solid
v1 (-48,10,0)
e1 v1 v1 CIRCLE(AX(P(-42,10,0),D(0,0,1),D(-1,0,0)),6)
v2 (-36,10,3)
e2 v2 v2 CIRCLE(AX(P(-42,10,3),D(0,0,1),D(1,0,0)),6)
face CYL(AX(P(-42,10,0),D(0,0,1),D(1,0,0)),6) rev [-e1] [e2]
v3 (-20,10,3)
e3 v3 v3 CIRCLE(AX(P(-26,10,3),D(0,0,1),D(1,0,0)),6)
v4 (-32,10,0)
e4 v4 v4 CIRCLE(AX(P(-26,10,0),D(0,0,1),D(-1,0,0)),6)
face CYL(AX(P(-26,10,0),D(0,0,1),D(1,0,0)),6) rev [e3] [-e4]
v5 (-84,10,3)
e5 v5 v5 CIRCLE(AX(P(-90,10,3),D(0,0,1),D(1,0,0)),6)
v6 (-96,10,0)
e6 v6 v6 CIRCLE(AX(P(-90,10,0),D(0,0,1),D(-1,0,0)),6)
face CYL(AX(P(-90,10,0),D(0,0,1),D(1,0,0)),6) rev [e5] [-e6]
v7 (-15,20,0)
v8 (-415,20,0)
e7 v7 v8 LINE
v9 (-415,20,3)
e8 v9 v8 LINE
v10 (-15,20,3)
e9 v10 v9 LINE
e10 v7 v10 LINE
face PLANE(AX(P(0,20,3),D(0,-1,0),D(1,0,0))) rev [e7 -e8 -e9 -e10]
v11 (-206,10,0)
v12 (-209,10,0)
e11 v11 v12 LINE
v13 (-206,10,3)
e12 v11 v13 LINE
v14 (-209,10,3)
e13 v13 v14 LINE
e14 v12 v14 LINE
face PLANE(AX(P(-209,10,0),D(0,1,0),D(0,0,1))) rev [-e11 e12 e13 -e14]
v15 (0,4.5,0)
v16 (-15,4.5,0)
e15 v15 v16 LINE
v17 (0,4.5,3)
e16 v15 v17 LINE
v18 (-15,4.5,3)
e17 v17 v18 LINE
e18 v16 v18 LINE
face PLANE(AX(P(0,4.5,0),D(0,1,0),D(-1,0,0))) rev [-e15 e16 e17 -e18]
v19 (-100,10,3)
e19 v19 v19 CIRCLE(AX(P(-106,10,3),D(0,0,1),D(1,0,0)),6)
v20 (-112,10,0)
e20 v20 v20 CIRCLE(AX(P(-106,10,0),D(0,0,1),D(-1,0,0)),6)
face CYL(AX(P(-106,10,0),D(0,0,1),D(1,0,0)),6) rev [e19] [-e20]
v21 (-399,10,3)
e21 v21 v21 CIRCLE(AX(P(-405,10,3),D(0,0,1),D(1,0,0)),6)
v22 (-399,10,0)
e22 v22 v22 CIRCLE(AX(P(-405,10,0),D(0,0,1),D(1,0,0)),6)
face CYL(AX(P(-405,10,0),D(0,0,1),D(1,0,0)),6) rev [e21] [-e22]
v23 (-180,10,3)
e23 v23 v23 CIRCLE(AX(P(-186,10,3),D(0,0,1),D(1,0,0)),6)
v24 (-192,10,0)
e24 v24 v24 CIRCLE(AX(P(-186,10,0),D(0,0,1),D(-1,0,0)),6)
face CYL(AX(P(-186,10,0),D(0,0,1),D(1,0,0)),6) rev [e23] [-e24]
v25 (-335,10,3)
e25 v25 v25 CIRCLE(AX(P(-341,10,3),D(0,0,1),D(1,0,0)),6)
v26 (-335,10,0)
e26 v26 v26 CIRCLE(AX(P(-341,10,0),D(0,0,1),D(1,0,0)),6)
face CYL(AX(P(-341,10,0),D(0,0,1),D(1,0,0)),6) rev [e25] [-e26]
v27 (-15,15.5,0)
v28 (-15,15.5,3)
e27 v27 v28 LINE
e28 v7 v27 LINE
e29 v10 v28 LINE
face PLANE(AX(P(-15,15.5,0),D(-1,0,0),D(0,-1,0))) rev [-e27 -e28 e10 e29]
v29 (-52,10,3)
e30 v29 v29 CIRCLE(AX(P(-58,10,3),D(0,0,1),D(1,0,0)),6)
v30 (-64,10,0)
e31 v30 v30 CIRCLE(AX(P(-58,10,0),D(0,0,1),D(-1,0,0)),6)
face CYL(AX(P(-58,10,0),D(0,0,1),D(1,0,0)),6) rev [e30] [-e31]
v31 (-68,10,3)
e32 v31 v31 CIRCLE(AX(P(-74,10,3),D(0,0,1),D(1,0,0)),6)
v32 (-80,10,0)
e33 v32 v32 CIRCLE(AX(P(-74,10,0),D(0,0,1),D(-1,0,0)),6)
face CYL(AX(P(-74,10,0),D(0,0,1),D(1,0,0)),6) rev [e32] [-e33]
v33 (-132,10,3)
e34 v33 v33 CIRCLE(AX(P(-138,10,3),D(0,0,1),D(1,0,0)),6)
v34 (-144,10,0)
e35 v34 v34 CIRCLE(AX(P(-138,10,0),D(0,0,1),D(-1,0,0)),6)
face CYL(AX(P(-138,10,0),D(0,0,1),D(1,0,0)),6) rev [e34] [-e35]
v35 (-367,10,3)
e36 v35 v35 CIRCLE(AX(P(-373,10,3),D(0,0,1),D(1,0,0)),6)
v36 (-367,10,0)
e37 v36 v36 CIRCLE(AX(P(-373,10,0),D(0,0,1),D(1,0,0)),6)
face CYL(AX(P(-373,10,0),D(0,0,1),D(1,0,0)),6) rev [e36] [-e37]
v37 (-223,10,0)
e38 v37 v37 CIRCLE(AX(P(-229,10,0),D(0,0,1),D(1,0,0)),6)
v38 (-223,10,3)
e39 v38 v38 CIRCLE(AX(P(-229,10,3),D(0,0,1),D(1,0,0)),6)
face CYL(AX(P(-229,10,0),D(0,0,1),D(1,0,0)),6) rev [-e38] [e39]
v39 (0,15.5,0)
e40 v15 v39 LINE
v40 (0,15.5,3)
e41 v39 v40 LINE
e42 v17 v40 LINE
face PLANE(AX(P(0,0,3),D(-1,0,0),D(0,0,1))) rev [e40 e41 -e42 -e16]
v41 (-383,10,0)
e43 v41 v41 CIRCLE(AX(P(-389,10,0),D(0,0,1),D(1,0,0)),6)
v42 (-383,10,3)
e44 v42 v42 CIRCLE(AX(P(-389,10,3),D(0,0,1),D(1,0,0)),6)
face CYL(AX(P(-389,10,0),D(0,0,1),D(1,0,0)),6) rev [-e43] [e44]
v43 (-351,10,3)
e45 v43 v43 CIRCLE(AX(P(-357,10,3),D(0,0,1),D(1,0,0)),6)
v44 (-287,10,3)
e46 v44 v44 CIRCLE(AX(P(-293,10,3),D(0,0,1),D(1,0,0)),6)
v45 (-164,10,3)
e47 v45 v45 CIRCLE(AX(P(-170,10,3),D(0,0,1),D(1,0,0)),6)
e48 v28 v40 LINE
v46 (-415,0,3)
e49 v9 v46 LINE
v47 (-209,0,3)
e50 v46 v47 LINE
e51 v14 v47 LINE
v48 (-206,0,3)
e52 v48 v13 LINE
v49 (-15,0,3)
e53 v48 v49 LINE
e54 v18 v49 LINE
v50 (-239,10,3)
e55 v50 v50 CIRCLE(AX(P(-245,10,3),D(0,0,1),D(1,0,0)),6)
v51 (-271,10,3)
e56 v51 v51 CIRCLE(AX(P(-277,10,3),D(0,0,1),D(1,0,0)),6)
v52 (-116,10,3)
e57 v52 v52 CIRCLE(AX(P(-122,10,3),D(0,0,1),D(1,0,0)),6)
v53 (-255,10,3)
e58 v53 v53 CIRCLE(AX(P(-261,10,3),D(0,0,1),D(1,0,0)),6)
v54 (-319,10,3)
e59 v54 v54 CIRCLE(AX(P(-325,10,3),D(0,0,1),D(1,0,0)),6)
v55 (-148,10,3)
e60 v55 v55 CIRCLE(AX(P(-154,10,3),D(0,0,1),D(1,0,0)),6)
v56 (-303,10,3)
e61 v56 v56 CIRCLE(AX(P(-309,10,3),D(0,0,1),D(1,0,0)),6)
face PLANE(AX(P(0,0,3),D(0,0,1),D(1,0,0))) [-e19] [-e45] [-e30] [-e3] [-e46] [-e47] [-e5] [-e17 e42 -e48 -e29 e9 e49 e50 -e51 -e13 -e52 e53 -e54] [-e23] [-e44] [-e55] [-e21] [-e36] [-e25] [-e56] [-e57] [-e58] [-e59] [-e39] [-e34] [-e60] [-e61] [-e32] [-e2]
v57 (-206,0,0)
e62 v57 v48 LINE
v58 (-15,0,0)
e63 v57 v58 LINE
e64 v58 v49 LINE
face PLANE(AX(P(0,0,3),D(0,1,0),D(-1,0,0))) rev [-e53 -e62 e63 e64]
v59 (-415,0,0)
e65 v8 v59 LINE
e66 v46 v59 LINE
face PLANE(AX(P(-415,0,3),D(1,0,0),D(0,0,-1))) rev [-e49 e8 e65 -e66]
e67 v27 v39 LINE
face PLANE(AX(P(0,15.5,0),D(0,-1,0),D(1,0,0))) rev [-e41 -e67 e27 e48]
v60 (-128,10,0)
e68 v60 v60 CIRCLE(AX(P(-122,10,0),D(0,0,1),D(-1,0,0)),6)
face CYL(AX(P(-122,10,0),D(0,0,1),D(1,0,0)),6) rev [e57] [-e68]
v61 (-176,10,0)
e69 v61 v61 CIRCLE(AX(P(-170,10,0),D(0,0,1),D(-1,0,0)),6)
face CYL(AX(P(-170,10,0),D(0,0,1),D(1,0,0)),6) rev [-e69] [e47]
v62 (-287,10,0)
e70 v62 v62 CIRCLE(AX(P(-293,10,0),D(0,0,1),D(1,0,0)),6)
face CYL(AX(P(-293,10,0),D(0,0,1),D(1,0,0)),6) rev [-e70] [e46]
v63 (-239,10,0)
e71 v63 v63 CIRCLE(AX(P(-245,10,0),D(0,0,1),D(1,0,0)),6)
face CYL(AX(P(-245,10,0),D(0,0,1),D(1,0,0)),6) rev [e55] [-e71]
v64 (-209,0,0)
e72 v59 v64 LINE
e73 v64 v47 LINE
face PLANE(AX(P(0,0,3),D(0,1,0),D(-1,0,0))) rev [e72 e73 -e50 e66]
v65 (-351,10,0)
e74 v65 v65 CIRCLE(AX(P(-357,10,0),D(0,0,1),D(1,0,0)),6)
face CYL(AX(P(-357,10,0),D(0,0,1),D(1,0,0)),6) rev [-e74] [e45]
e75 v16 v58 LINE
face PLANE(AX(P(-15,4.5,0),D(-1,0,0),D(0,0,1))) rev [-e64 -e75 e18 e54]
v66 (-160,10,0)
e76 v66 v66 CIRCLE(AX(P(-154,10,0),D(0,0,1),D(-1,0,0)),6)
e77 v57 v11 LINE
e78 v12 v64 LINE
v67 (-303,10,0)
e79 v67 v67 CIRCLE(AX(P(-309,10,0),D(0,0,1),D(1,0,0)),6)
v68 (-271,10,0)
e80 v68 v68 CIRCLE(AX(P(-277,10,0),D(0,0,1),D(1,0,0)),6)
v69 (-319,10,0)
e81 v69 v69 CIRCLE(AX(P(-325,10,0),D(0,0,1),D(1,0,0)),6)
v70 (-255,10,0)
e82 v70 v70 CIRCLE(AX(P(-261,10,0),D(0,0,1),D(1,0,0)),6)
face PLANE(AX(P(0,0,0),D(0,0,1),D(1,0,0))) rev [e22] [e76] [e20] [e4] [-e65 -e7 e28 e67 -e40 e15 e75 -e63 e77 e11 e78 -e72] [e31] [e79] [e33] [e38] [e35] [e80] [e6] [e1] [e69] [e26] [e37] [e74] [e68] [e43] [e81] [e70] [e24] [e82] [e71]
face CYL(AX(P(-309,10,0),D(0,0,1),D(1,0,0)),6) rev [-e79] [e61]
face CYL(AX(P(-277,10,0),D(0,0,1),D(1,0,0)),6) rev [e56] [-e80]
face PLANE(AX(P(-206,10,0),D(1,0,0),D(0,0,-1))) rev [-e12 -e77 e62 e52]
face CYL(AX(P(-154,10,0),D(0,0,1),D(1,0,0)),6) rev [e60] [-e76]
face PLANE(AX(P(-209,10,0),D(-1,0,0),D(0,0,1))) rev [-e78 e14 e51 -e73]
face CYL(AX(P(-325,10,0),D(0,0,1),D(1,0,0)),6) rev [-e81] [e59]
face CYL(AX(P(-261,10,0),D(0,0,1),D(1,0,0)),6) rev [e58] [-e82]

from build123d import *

# Parameters (mm, degrees)
SKETCH1_W               = 415
SKETCH1_H               = 20
BOSS_EXTRUDE1_DEPTH     = 3
SKETCH2_R               = 6
SKETCH2_W               = 15
SKETCH2_H               = 4.5
SKETCH2_W_2             = 3
SKETCH2_H_2             = 10
CUT_EXTRUDE1_DEPTH      = 1
CUT_EXTRUDE1_DEPTH_BACK = 4


with BuildPart() as part:
    # Sketch1 → Boss-Extrude1 (new body)
    with BuildSketch(Plane.XY):
        with Locations((-207.5, 10)):
            Rectangle(SKETCH1_W, SKETCH1_H)
    extrude(amount=BOSS_EXTRUDE1_DEPTH)

    # Sketch2 → Cut-Extrude1 (cut, two sides)
    with BuildSketch(Plane.XY.offset(3)) as cut_extrude1_sk:
        with Locations((-405, 10)):
            Circle(SKETCH2_R)
        with Locations((-389, 10)):
            Circle(SKETCH2_R)
        with Locations((-373, 10)):
            Circle(SKETCH2_R)
        with Locations((-357, 10)):
            Circle(SKETCH2_R)
        with Locations((-341, 10)):
            Circle(SKETCH2_R)
        with Locations((-325, 10)):
            Circle(SKETCH2_R)
        with Locations((-309, 10)):
            Circle(SKETCH2_R)
        with Locations((-293, 10)):
            Circle(SKETCH2_R)
        with Locations((-277, 10)):
            Circle(SKETCH2_R)
        with Locations((-261, 10)):
            Circle(SKETCH2_R)
        with Locations((-245, 10)):
            Circle(SKETCH2_R)
        with Locations((-229, 10)):
            Circle(SKETCH2_R)
        with Locations((-26, 10)):
            Circle(SKETCH2_R)
        with Locations((-42, 10)):
            Circle(SKETCH2_R)
        with Locations((-58, 10)):
            Circle(SKETCH2_R)
        with Locations((-74, 10)):
            Circle(SKETCH2_R)
        with Locations((-90, 10)):
            Circle(SKETCH2_R)
        with Locations((-106, 10)):
            Circle(SKETCH2_R)
        with Locations((-122, 10)):
            Circle(SKETCH2_R)
        with Locations((-138, 10)):
            Circle(SKETCH2_R)
        with Locations((-154, 10)):
            Circle(SKETCH2_R)
        with Locations((-170, 10)):
            Circle(SKETCH2_R)
        with Locations((-186, 10)):
            Circle(SKETCH2_R)
        with Locations((-7.5, 17.75)):
            Rectangle(SKETCH2_W, SKETCH2_H)
        with Locations((-7.5, 2.25)):
            Rectangle(SKETCH2_W, SKETCH2_H)
        with Locations((-207.5, 5)):
            Rectangle(SKETCH2_W_2, SKETCH2_H_2)
    extrude(amount=CUT_EXTRUDE1_DEPTH, mode=Mode.SUBTRACT)
    extrude(cut_extrude1_sk.sketch, amount=-CUT_EXTRUDE1_DEPTH_BACK, mode=Mode.SUBTRACT)


solid = part.part
